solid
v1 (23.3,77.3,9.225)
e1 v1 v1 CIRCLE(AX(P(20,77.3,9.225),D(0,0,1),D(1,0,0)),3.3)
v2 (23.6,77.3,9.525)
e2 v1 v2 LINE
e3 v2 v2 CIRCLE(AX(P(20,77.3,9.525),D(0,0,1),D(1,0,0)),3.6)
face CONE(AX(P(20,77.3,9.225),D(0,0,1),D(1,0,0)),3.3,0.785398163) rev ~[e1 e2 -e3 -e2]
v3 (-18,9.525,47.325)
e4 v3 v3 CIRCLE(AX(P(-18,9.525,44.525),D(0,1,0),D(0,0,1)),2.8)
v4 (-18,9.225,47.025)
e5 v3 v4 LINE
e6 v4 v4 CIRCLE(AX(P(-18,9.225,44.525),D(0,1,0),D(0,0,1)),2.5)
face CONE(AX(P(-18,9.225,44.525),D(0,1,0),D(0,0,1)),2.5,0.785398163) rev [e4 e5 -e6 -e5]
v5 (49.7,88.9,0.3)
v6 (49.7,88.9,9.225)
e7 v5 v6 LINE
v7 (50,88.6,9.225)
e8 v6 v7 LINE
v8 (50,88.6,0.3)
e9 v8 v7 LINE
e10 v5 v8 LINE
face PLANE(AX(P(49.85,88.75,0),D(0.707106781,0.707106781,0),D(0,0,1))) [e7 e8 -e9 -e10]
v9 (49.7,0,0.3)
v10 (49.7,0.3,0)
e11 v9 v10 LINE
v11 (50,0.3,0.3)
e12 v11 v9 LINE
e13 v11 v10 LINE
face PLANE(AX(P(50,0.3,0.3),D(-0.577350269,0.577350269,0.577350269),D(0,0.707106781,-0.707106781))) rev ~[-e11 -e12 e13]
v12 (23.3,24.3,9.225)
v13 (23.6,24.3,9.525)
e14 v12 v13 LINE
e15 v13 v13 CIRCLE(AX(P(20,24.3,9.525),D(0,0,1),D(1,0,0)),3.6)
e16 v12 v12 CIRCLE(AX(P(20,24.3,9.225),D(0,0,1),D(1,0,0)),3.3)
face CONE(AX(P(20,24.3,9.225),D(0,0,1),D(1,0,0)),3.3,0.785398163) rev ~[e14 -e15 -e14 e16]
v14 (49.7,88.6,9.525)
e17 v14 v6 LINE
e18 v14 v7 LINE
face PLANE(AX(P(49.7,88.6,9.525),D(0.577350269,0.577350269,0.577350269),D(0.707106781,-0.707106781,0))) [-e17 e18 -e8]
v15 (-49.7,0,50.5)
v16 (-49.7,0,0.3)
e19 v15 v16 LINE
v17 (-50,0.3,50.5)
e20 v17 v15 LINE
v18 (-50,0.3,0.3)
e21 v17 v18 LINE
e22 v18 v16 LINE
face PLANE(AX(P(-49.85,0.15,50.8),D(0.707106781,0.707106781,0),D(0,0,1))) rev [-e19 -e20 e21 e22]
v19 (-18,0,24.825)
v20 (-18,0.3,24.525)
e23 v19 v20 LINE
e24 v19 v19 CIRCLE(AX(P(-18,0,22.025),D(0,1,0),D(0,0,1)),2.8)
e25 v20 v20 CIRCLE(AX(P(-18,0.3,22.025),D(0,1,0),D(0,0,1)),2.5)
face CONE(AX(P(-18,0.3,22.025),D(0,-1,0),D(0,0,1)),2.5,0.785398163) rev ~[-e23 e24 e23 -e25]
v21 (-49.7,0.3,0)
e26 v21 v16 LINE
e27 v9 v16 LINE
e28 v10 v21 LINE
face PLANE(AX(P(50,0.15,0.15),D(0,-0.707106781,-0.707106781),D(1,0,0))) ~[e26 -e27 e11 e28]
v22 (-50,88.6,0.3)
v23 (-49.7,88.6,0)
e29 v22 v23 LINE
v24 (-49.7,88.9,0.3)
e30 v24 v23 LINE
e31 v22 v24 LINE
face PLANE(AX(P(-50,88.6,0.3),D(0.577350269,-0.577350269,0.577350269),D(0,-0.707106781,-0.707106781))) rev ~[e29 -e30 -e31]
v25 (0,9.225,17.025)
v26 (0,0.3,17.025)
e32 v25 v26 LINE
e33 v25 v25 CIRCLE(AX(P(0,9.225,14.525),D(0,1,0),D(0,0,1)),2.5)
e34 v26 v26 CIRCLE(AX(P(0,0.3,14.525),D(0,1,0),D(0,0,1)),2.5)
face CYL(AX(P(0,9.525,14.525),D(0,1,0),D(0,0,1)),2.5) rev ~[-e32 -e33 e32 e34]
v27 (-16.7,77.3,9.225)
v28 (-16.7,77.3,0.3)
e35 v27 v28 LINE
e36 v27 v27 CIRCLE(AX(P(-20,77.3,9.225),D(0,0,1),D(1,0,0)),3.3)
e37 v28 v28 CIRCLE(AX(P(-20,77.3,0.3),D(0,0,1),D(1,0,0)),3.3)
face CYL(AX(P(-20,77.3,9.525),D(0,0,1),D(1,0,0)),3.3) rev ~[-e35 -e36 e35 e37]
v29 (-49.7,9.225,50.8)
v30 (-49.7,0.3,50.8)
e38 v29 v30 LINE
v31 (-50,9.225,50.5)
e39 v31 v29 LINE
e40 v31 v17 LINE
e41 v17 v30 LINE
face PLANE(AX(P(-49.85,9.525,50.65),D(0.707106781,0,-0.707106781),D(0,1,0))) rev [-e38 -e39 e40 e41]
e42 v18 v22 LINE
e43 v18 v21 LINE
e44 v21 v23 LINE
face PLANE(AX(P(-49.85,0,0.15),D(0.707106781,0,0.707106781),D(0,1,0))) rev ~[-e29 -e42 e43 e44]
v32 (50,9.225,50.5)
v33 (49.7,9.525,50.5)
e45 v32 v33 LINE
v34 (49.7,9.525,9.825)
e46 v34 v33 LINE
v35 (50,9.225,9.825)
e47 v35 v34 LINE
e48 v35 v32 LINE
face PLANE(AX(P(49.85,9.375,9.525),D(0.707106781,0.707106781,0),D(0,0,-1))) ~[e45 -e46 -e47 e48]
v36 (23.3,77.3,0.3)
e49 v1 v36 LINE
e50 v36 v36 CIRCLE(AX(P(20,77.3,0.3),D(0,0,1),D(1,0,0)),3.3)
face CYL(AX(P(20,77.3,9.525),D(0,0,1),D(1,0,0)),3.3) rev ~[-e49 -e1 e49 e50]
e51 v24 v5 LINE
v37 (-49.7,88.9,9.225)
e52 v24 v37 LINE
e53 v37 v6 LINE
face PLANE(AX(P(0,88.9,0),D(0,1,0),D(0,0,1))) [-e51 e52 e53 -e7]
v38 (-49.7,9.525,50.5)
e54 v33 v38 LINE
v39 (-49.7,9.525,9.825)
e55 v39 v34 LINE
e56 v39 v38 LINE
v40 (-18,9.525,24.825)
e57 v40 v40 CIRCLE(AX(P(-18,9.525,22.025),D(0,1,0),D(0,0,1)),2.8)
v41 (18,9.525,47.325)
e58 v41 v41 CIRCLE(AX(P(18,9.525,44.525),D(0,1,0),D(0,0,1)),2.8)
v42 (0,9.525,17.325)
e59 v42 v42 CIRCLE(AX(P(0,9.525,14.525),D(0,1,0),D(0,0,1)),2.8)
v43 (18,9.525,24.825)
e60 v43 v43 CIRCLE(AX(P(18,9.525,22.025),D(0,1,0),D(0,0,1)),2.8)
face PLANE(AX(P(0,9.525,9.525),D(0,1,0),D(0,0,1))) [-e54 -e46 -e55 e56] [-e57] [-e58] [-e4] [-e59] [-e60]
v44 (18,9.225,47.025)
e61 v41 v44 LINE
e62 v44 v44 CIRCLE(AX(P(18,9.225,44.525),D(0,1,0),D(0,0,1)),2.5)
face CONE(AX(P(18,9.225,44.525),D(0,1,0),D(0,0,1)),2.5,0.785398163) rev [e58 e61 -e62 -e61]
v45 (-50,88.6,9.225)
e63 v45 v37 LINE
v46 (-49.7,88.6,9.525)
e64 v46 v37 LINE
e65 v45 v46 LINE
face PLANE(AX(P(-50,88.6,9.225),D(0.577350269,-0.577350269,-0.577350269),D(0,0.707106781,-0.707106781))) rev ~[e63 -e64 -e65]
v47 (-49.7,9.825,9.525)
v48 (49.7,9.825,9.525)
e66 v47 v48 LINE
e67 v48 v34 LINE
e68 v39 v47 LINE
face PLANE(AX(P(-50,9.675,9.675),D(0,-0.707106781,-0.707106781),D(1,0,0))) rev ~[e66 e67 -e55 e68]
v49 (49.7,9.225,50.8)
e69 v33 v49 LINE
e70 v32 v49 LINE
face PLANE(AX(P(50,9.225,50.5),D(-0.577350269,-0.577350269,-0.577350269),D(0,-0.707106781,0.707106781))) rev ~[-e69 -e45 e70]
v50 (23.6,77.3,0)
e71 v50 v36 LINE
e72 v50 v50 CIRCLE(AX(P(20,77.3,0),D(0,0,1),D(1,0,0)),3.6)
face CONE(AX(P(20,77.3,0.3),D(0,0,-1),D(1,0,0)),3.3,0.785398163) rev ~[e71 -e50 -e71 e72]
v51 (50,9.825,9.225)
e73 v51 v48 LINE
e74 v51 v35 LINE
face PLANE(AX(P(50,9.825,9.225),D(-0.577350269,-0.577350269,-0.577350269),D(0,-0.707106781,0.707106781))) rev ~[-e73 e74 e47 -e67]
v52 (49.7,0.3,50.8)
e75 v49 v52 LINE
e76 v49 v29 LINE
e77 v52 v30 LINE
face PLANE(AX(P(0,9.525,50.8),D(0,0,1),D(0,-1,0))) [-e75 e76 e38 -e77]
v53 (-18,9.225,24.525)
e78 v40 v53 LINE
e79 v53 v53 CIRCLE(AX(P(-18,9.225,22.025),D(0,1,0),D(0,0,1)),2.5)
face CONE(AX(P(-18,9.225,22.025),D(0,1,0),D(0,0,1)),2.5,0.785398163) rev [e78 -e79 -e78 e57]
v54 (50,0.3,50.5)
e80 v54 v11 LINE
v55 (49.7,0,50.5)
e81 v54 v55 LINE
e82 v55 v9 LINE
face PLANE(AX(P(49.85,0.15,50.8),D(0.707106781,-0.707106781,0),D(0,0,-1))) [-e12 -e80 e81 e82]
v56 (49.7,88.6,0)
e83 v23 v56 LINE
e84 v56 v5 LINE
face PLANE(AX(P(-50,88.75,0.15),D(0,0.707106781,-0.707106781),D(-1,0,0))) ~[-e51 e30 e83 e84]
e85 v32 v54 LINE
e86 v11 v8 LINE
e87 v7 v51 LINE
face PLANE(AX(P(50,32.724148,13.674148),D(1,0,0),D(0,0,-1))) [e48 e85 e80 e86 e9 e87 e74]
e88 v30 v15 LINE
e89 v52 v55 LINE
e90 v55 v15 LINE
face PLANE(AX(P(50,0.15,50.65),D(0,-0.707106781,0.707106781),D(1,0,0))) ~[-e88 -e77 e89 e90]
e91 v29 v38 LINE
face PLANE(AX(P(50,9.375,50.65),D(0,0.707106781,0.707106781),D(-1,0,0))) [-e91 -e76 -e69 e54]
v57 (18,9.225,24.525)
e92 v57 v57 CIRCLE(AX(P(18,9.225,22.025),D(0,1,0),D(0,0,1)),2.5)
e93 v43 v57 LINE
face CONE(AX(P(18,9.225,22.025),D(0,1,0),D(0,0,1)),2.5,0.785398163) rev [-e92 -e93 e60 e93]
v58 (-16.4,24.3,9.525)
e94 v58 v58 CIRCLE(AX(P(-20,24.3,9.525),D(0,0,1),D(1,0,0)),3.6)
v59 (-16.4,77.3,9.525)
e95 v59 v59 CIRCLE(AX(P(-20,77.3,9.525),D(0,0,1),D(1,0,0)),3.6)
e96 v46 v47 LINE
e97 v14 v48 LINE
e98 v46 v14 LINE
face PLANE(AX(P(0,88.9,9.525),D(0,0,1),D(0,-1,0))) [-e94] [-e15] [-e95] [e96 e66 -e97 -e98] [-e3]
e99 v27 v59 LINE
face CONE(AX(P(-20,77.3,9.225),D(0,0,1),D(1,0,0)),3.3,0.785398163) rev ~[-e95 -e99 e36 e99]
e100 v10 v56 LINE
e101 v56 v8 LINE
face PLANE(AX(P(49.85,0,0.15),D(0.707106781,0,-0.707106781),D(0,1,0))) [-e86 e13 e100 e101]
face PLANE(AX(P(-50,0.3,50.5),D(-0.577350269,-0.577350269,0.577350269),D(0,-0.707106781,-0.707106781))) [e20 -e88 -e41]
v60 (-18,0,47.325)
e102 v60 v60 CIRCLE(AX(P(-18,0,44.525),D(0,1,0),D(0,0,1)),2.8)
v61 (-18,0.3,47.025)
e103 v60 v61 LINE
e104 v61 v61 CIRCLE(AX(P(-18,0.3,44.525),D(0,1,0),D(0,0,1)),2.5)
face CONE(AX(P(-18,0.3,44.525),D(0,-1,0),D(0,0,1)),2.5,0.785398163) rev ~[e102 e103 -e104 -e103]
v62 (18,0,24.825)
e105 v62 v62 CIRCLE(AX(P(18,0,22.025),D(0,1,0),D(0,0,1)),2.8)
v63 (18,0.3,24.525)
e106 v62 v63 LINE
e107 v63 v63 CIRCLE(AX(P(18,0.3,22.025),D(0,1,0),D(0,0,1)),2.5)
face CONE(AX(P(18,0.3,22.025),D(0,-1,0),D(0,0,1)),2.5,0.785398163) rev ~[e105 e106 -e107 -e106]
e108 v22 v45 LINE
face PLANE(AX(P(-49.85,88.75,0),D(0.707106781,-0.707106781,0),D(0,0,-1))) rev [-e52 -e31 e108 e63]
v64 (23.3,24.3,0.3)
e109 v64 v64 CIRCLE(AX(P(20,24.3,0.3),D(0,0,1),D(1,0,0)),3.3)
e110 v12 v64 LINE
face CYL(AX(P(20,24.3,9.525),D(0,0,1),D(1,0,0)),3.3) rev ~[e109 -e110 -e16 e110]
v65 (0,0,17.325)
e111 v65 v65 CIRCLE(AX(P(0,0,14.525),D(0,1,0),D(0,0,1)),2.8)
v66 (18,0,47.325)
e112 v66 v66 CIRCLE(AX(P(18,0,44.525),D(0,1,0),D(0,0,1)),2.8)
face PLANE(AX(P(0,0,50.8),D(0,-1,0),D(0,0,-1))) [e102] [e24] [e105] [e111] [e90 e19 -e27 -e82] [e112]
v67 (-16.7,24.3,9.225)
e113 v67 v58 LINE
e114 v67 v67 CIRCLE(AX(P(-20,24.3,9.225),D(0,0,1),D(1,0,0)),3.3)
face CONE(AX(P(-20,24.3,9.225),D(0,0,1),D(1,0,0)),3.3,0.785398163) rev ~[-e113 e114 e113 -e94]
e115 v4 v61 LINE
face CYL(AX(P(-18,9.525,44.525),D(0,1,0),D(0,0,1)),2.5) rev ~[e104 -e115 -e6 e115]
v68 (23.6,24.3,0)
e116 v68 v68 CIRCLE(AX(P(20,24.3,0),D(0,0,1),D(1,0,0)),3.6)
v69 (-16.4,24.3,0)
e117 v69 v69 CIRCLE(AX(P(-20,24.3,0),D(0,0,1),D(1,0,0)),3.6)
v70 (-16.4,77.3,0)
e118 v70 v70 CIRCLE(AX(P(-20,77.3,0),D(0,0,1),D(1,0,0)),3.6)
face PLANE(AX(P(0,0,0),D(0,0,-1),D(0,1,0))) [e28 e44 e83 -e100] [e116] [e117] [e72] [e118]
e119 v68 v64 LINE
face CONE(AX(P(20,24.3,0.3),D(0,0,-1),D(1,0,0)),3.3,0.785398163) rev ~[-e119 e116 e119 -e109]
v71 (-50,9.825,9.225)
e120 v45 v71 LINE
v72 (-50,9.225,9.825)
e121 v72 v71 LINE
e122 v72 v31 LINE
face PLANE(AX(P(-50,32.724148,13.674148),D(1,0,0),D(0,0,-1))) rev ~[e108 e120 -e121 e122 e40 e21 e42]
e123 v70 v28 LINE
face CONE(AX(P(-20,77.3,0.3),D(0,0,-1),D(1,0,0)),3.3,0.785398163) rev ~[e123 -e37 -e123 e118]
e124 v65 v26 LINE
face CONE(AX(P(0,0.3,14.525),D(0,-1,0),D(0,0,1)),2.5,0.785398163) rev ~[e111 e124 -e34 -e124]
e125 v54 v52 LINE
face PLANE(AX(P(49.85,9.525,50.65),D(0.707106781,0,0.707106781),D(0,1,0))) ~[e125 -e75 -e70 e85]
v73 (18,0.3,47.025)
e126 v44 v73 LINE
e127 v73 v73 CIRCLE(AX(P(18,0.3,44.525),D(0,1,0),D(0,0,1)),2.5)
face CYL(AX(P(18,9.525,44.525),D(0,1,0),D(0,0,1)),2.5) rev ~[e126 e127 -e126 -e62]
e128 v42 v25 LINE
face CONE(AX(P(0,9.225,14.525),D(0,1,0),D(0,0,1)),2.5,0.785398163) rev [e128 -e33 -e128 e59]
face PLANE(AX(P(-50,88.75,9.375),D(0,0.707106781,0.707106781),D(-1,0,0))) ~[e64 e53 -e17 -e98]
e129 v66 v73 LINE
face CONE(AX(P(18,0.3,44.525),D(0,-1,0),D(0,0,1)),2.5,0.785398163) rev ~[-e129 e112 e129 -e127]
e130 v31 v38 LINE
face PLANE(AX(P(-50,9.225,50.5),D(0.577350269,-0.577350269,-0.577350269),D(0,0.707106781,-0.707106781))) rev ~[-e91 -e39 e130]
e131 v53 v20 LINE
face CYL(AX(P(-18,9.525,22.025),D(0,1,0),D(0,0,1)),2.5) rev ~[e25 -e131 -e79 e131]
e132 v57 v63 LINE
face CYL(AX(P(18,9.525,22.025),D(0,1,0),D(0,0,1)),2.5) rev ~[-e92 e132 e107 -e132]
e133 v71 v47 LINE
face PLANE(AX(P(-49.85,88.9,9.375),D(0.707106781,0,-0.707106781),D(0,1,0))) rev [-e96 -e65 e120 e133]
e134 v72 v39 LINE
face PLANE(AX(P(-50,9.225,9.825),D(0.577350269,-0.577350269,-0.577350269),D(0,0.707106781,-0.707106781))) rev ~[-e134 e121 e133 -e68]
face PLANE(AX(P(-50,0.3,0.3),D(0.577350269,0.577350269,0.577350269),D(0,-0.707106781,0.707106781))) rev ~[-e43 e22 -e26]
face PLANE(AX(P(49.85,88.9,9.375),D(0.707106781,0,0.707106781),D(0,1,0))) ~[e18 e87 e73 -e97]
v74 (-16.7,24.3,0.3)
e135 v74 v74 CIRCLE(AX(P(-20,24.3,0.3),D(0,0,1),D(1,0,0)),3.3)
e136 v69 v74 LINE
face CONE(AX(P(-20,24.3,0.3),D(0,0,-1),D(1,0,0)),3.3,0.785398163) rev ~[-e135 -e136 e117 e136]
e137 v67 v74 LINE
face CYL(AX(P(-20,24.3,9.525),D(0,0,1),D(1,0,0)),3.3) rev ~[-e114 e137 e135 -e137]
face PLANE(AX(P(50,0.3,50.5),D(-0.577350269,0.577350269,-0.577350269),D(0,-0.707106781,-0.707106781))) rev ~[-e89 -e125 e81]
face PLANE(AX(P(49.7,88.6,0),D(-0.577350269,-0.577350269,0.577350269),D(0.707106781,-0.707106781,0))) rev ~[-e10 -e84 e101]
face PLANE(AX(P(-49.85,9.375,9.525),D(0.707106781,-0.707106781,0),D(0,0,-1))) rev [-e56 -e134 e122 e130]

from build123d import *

# Parameters (mm, degrees)
BOSS_EXTRUDE1_DEPTH = 50
SKETCH2_R           = 3.3
CUT_EXTRUDE1_DEPTH  = 100
SKETCH3_R           = 2.5
CUT_EXTRUDE2_DEPTH  = 100
CHAMFER1_SIZE       = 0.3


with BuildPart() as part:
    # Sketch1 → Boss-Extrude1 (new, symmetric)
    with BuildSketch(Plane(origin=(0, 0, 0), x_dir=(0, 0, -1), z_dir=(1, 0, 0))):
        Polygon((0, 0), (0, 88.9), (-9.525, 88.9), (-9.525, 9.525), (-50.8, 9.525), (-50.8, 0), align=None)
    extrude(amount=BOSS_EXTRUDE1_DEPTH, both=True)

    # Sketch2 → Cut-Extrude1 (cut)
    with BuildSketch(Plane.XY.offset(9.525)):
        with Locations((-20, 77.3)):
            Circle(SKETCH2_R)
        with Locations((20, 77.3)):
            Circle(SKETCH2_R)
        with Locations((20, 24.3)):
            Circle(SKETCH2_R)
        with Locations((-20, 24.3)):
            Circle(SKETCH2_R)
    extrude(amount=-CUT_EXTRUDE1_DEPTH, mode=Mode.SUBTRACT)

    # Sketch3 → Cut-Extrude2 (cut)
    with BuildSketch(Plane(origin=(0, 9.525, 0), x_dir=(1, 0, 0), z_dir=(0, 1, 0))):
        with Locations(Location((-18, -22.025, 0), (0, 0, 270))):
            Circle(SKETCH3_R)
        with Locations(Location((-18, -44.525, 0), (0, 0, 270))):
            Circle(SKETCH3_R)
        with Locations(Location((18, -44.525, 0), (0, 0, 270))):
            Circle(SKETCH3_R)
        with Locations(Location((18, -22.025, 0), (0, 0, 270))):
            Circle(SKETCH3_R)
        with Locations(Location((0, -14.525, 0), (0, 0, 270))):
            Circle(SKETCH3_R)
    extrude(amount=-CUT_EXTRUDE2_DEPTH, mode=Mode.SUBTRACT)

    # Chamfer1
    chamfer1_edges = [part.edges().sort_by_distance(p)[0] for p in [
        (50, 88.9, 4.7625),
        (0, 0, 50.8),
        (0, 9.525, 50.8),
        (0, 9.525, 9.525),
        (0, 88.9, 9.525),
        (0, 88.9, 0),
        (0, 0, 0),
        (50, 49.2125, 9.525),
        (50, 9.525, 30.1625),
        (50, 4.7625, 50.8),
        (-23.3, 77.3, 0),
        (-23.3, 77.3, 9.525),
        (16.7, 77.3, 0),
        (16.7, 77.3, 9.525),
        (16.7, 24.3, 0),
        (16.7, 24.3, 9.525),
        (-23.3, 24.3, 0),
        (-23.3, 24.3, 9.525),
        (-18, 0, 19.525),
        (50, 0, 25.4),
        (-18, 9.525, 19.525),
        (-18, 0, 42.025),
        (-18, 9.525, 42.025),
        (18, 0, 42.025),
        (18, 9.525, 42.025),
        (18, 0, 19.525),
        (18, 9.525, 19.525),
        (0, 0, 12.025),
        (0, 9.525, 12.025),
        (-50, 4.7625, 50.8),
        (-50, 9.525, 30.1625),
        (-50, 49.2125, 9.525),
        (50, 44.45, 0),
        (-50, 88.9, 4.7625),
        (-50, 44.45, 0),
        (-50, 0, 25.4),
    ]]
    chamfer(chamfer1_edges, length=CHAMFER1_SIZE)


solid = part.part
